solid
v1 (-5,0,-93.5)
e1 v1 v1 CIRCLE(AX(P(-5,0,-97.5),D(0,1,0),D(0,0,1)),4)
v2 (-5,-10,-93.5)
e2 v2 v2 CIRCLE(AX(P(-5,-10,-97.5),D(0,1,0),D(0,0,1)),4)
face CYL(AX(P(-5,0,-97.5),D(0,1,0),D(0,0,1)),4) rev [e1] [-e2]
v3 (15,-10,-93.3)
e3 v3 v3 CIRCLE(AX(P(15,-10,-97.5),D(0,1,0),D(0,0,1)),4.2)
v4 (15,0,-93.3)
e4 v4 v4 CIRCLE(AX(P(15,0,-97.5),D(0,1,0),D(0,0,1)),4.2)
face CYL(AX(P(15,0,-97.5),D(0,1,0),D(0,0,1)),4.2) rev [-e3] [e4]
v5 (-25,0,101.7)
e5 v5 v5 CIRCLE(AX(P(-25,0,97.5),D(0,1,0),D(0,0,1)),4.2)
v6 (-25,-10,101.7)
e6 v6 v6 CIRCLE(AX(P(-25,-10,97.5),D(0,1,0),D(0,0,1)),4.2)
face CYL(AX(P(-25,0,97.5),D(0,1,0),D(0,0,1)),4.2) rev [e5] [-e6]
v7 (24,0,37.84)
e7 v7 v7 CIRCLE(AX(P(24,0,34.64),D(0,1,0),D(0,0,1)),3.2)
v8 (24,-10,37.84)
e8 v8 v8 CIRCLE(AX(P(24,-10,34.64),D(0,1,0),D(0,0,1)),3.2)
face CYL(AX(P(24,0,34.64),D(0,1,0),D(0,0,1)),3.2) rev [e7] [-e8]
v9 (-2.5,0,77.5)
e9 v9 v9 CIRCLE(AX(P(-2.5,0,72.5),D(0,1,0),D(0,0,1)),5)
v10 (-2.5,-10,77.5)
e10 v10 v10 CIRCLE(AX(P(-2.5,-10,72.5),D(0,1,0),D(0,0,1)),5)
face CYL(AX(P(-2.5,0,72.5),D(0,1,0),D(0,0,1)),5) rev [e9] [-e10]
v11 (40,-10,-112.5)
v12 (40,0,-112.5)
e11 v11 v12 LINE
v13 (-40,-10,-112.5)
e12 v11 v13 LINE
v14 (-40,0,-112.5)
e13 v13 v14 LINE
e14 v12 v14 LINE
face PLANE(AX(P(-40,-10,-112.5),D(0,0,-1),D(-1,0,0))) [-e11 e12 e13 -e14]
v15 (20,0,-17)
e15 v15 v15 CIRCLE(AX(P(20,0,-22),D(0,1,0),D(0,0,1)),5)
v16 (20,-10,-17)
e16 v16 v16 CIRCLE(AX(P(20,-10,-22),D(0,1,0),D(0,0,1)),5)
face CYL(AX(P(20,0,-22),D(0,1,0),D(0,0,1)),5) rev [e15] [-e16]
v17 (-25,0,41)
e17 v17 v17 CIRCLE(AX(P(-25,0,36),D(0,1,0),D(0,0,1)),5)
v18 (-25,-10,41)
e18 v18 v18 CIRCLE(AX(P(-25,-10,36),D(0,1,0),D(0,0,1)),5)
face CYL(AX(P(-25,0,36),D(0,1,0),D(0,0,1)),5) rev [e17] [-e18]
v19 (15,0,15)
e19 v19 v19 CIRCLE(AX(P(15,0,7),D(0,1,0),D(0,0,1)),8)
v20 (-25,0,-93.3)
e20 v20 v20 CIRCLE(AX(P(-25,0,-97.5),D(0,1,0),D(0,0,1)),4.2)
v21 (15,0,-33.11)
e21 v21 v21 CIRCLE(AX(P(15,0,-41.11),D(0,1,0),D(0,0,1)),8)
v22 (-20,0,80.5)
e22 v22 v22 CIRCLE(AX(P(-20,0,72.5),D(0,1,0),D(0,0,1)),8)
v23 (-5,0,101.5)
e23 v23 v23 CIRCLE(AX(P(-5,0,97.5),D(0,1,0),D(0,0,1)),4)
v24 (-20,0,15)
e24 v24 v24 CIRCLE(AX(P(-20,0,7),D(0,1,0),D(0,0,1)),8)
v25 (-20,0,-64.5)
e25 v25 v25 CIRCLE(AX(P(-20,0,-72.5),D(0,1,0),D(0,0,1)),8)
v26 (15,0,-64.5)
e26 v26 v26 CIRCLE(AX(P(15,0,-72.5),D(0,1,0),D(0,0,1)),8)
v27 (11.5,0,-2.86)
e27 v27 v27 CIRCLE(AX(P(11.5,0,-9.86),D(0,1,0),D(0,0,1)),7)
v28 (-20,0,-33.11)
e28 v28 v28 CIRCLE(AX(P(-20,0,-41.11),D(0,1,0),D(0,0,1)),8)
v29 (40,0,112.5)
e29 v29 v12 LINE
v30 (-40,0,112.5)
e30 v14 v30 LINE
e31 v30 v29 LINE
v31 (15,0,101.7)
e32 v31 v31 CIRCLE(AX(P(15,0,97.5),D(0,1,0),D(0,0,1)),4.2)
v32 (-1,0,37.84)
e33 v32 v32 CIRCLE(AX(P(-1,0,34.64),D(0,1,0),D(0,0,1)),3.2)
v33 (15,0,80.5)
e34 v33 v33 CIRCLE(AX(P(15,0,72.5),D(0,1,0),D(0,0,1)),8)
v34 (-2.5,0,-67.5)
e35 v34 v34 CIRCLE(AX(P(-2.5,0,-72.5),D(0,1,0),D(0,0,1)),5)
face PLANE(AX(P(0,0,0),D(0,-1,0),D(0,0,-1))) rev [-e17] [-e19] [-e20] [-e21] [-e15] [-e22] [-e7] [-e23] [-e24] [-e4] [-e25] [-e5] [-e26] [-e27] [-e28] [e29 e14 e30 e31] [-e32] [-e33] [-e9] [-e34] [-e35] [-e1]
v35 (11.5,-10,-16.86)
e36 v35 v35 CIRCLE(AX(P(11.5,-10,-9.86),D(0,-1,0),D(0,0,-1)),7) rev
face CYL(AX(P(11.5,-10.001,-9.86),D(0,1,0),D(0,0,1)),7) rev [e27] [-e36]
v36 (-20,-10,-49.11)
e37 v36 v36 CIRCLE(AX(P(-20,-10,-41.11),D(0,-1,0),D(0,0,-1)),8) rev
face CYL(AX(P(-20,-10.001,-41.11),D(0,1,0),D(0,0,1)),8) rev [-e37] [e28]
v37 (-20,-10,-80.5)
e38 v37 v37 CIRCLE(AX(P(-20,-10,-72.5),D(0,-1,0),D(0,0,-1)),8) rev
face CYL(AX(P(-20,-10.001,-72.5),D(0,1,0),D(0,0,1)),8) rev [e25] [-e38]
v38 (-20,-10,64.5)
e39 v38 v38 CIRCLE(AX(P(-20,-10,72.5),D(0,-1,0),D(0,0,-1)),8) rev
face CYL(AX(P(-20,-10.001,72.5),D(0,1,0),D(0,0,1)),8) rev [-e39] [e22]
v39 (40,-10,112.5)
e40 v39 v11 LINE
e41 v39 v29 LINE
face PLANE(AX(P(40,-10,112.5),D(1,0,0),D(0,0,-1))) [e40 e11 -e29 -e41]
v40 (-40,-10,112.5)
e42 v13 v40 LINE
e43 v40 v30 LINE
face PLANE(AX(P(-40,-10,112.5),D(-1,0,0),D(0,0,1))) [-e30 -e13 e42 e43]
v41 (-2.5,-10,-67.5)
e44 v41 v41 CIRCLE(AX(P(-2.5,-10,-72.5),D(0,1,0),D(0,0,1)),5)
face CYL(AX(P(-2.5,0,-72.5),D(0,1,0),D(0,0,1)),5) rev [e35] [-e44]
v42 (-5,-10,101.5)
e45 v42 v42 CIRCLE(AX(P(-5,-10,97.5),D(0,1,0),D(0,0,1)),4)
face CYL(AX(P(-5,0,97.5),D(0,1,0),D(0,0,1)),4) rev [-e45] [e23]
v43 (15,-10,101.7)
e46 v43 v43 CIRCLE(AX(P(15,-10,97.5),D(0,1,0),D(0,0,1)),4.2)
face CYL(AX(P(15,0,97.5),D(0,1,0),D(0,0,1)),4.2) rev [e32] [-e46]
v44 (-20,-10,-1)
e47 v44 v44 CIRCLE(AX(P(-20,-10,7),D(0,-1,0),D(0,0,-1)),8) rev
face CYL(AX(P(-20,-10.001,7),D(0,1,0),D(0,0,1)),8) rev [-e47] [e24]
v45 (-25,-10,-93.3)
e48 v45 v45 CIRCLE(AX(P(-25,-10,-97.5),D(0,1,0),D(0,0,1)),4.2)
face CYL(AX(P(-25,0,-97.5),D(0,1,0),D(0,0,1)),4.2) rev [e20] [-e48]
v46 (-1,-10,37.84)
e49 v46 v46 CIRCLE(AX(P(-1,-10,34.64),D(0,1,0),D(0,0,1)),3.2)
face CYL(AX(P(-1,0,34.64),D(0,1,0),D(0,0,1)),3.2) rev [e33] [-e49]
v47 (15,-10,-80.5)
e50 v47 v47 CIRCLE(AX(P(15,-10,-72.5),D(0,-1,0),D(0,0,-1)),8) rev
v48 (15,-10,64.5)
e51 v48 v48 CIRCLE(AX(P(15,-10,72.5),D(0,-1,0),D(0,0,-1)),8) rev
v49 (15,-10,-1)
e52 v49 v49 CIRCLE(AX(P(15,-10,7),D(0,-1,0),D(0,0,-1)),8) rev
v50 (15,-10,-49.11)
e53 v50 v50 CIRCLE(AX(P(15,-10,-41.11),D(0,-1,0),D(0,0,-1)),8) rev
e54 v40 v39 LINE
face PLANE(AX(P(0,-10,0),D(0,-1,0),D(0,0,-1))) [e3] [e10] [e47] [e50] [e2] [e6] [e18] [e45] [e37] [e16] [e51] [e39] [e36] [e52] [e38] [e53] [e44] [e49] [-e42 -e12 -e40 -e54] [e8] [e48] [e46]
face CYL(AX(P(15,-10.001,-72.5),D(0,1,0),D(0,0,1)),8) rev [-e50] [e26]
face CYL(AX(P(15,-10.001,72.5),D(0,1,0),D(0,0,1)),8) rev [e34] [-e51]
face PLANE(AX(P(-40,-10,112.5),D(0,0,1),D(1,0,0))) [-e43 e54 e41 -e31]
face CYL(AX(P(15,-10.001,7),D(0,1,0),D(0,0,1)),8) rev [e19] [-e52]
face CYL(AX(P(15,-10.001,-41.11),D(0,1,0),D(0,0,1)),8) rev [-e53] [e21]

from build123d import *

# Parameters (mm, degrees)
SKETCH2_W                  = 80
SKETCH2_H                  = 225
BOSS_EXTRUDE1_DEPTH        = 10
CUT_EXTRUDE1_REACH         = 121.818
SKETCH3_R                  = 8
M8_CLEARANCE_HOLE1_D       = 8.4
F_8_0MM_DOWEL_HOLE1_D      = 8
F_10_0_10_DIAMETER_HOLE1_D = 10
M6_CLEARANCE_HOLE1_D       = 6.4
CUT_EXTRUDE2_REACH         = 121.818
SKETCH16_R                 = 7


with BuildPart() as part:
    # Sketch2 → Boss-Extrude1 (new body)
    with BuildSketch(Plane(origin=(0, 0, 0), x_dir=(1, 0, 0), z_dir=(0, 1, 0))):
        Rectangle(SKETCH2_W, SKETCH2_H)
    extrude(amount=-BOSS_EXTRUDE1_DEPTH)

    # Sketch3 → Cut-Extrude1 (cut, up to next)
    with BuildSketch(Plane(origin=(0, 0, 0), x_dir=(1, 0, 0), z_dir=(0, 1, 0)), mode=Mode.PRIVATE) as cut_extrude1_sk1:
        with Locations((15, -7)):
            Circle(SKETCH3_R)
    cut_extrude1_tool1 = extrude(cut_extrude1_sk1.sketch, amount=-CUT_EXTRUDE1_REACH, mode=Mode.PRIVATE) & part.part
    # Sketch3 → Cut-Extrude1 (cut, up to next)
    with BuildSketch(Plane(origin=(0, 0, 0), x_dir=(1, 0, 0), z_dir=(0, 1, 0)), mode=Mode.PRIVATE) as cut_extrude1_sk2:
        with Locations((15, 41.11)):
            Circle(SKETCH3_R)
    cut_extrude1_tool2 = extrude(cut_extrude1_sk2.sketch, amount=-CUT_EXTRUDE1_REACH, mode=Mode.PRIVATE) & part.part
    # Sketch3 → Cut-Extrude1 (cut, up to next)
    with BuildSketch(Plane(origin=(0, 0, 0), x_dir=(1, 0, 0), z_dir=(0, 1, 0)), mode=Mode.PRIVATE) as cut_extrude1_sk3:
        with Locations((15, -72.5)):
            Circle(SKETCH3_R)
    cut_extrude1_tool3 = extrude(cut_extrude1_sk3.sketch, amount=-CUT_EXTRUDE1_REACH, mode=Mode.PRIVATE) & part.part
    # Sketch3 → Cut-Extrude1 (cut, up to next)
    with BuildSketch(Plane(origin=(0, 0, 0), x_dir=(1, 0, 0), z_dir=(0, 1, 0)), mode=Mode.PRIVATE) as cut_extrude1_sk4:
        with Locations((-20, -72.5)):
            Circle(SKETCH3_R)
    cut_extrude1_tool4 = extrude(cut_extrude1_sk4.sketch, amount=-CUT_EXTRUDE1_REACH, mode=Mode.PRIVATE) & part.part
    # Sketch3 → Cut-Extrude1 (cut, up to next)
    with BuildSketch(Plane(origin=(0, 0, 0), x_dir=(1, 0, 0), z_dir=(0, 1, 0)), mode=Mode.PRIVATE) as cut_extrude1_sk5:
        with Locations((-20, -7)):
            Circle(SKETCH3_R)
    cut_extrude1_tool5 = extrude(cut_extrude1_sk5.sketch, amount=-CUT_EXTRUDE1_REACH, mode=Mode.PRIVATE) & part.part
    # Sketch3 → Cut-Extrude1 (cut, up to next)
    with BuildSketch(Plane(origin=(0, 0, 0), x_dir=(1, 0, 0), z_dir=(0, 1, 0)), mode=Mode.PRIVATE) as cut_extrude1_sk6:
        with Locations((-20, 41.11)):
            Circle(SKETCH3_R)
    cut_extrude1_tool6 = extrude(cut_extrude1_sk6.sketch, amount=-CUT_EXTRUDE1_REACH, mode=Mode.PRIVATE) & part.part
    # Sketch3 → Cut-Extrude1 (cut, up to next)
    with BuildSketch(Plane(origin=(0, 0, 0), x_dir=(1, 0, 0), z_dir=(0, 1, 0)), mode=Mode.PRIVATE) as cut_extrude1_sk7:
        with Locations((-20, 72.5)):
            Circle(SKETCH3_R)
    cut_extrude1_tool7 = extrude(cut_extrude1_sk7.sketch, amount=-CUT_EXTRUDE1_REACH, mode=Mode.PRIVATE) & part.part
    # Sketch3 → Cut-Extrude1 (cut, up to next)
    with BuildSketch(Plane(origin=(0, 0, 0), x_dir=(1, 0, 0), z_dir=(0, 1, 0)), mode=Mode.PRIVATE) as cut_extrude1_sk8:
        with Locations((15, 72.5)):
            Circle(SKETCH3_R)
    cut_extrude1_tool8 = extrude(cut_extrude1_sk8.sketch, amount=-CUT_EXTRUDE1_REACH, mode=Mode.PRIVATE) & part.part
    add(cut_extrude1_tool1.solids().sort_by_distance((15, 0, 7))[0], mode=Mode.SUBTRACT)
    add(cut_extrude1_tool2.solids().sort_by_distance((15, 0, -41.11))[0], mode=Mode.SUBTRACT)
    add(cut_extrude1_tool3.solids().sort_by_distance((15, 0, 72.5))[0], mode=Mode.SUBTRACT)
    add(cut_extrude1_tool4.solids().sort_by_distance((-20, 0, 72.5))[0], mode=Mode.SUBTRACT)
    add(cut_extrude1_tool5.solids().sort_by_distance((-20, 0, 7))[0], mode=Mode.SUBTRACT)
    add(cut_extrude1_tool6.solids().sort_by_distance((-20, 0, -41.11))[0], mode=Mode.SUBTRACT)
    add(cut_extrude1_tool7.solids().sort_by_distance((-20, 0, -72.5))[0], mode=Mode.SUBTRACT)
    add(cut_extrude1_tool8.solids().sort_by_distance((15, 0, -72.5))[0], mode=Mode.SUBTRACT)

    # M8 Clearance Hole1 (through all)
    with Locations(Plane(origin=(0, 0, 0), x_dir=(1, 0, 0), z_dir=(0, 1, 0))):
        with Locations((-25, -97.5), (15, -97.5), (15, 97.5), (-25, 97.5)):
            Hole(M8_CLEARANCE_HOLE1_D / 2)

    # Ø8.0mm Dowel Hole1 (through all)
    with Locations(Plane(origin=(0, 0, 0), x_dir=(1, 0, 0), z_dir=(0, 1, 0))):
        with Locations((-5, 97.5), (-5, -97.5)):
            Hole(F_8_0MM_DOWEL_HOLE1_D / 2)

    # Ø10.0 (10) Diameter Hole1 (through all)
    with Locations(Plane(origin=(0, 0, 0), x_dir=(1, 0, 0), z_dir=(0, 1, 0))):
        with Locations((-2.5, -72.5), (-2.5, 72.5), (20, 22), (-25, -36)):
            Hole(F_10_0_10_DIAMETER_HOLE1_D / 2)

    # M6 Clearance Hole1 (through all)
    with Locations(Plane(origin=(0, 0, 0), x_dir=(1, 0, 0), z_dir=(0, 1, 0))):
        with Locations((24, -34.64), (-1, -34.64)):
            Hole(M6_CLEARANCE_HOLE1_D / 2)

    # Sketch16 → Cut-Extrude2 (cut, up to next)
    with BuildSketch(Plane(origin=(0, 0, 0), x_dir=(1, 0, 0), z_dir=(0, 1, 0)), mode=Mode.PRIVATE) as cut_extrude2_sk1:
        with Locations((11.5, 9.86)):
            Circle(SKETCH16_R)
    cut_extrude2_tool1 = extrude(cut_extrude2_sk1.sketch, amount=-CUT_EXTRUDE2_REACH, mode=Mode.PRIVATE) & part.part
    add(cut_extrude2_tool1.solids().sort_by_distance((11.5, 0, -9.86))[0], mode=Mode.SUBTRACT)


solid = part.part
